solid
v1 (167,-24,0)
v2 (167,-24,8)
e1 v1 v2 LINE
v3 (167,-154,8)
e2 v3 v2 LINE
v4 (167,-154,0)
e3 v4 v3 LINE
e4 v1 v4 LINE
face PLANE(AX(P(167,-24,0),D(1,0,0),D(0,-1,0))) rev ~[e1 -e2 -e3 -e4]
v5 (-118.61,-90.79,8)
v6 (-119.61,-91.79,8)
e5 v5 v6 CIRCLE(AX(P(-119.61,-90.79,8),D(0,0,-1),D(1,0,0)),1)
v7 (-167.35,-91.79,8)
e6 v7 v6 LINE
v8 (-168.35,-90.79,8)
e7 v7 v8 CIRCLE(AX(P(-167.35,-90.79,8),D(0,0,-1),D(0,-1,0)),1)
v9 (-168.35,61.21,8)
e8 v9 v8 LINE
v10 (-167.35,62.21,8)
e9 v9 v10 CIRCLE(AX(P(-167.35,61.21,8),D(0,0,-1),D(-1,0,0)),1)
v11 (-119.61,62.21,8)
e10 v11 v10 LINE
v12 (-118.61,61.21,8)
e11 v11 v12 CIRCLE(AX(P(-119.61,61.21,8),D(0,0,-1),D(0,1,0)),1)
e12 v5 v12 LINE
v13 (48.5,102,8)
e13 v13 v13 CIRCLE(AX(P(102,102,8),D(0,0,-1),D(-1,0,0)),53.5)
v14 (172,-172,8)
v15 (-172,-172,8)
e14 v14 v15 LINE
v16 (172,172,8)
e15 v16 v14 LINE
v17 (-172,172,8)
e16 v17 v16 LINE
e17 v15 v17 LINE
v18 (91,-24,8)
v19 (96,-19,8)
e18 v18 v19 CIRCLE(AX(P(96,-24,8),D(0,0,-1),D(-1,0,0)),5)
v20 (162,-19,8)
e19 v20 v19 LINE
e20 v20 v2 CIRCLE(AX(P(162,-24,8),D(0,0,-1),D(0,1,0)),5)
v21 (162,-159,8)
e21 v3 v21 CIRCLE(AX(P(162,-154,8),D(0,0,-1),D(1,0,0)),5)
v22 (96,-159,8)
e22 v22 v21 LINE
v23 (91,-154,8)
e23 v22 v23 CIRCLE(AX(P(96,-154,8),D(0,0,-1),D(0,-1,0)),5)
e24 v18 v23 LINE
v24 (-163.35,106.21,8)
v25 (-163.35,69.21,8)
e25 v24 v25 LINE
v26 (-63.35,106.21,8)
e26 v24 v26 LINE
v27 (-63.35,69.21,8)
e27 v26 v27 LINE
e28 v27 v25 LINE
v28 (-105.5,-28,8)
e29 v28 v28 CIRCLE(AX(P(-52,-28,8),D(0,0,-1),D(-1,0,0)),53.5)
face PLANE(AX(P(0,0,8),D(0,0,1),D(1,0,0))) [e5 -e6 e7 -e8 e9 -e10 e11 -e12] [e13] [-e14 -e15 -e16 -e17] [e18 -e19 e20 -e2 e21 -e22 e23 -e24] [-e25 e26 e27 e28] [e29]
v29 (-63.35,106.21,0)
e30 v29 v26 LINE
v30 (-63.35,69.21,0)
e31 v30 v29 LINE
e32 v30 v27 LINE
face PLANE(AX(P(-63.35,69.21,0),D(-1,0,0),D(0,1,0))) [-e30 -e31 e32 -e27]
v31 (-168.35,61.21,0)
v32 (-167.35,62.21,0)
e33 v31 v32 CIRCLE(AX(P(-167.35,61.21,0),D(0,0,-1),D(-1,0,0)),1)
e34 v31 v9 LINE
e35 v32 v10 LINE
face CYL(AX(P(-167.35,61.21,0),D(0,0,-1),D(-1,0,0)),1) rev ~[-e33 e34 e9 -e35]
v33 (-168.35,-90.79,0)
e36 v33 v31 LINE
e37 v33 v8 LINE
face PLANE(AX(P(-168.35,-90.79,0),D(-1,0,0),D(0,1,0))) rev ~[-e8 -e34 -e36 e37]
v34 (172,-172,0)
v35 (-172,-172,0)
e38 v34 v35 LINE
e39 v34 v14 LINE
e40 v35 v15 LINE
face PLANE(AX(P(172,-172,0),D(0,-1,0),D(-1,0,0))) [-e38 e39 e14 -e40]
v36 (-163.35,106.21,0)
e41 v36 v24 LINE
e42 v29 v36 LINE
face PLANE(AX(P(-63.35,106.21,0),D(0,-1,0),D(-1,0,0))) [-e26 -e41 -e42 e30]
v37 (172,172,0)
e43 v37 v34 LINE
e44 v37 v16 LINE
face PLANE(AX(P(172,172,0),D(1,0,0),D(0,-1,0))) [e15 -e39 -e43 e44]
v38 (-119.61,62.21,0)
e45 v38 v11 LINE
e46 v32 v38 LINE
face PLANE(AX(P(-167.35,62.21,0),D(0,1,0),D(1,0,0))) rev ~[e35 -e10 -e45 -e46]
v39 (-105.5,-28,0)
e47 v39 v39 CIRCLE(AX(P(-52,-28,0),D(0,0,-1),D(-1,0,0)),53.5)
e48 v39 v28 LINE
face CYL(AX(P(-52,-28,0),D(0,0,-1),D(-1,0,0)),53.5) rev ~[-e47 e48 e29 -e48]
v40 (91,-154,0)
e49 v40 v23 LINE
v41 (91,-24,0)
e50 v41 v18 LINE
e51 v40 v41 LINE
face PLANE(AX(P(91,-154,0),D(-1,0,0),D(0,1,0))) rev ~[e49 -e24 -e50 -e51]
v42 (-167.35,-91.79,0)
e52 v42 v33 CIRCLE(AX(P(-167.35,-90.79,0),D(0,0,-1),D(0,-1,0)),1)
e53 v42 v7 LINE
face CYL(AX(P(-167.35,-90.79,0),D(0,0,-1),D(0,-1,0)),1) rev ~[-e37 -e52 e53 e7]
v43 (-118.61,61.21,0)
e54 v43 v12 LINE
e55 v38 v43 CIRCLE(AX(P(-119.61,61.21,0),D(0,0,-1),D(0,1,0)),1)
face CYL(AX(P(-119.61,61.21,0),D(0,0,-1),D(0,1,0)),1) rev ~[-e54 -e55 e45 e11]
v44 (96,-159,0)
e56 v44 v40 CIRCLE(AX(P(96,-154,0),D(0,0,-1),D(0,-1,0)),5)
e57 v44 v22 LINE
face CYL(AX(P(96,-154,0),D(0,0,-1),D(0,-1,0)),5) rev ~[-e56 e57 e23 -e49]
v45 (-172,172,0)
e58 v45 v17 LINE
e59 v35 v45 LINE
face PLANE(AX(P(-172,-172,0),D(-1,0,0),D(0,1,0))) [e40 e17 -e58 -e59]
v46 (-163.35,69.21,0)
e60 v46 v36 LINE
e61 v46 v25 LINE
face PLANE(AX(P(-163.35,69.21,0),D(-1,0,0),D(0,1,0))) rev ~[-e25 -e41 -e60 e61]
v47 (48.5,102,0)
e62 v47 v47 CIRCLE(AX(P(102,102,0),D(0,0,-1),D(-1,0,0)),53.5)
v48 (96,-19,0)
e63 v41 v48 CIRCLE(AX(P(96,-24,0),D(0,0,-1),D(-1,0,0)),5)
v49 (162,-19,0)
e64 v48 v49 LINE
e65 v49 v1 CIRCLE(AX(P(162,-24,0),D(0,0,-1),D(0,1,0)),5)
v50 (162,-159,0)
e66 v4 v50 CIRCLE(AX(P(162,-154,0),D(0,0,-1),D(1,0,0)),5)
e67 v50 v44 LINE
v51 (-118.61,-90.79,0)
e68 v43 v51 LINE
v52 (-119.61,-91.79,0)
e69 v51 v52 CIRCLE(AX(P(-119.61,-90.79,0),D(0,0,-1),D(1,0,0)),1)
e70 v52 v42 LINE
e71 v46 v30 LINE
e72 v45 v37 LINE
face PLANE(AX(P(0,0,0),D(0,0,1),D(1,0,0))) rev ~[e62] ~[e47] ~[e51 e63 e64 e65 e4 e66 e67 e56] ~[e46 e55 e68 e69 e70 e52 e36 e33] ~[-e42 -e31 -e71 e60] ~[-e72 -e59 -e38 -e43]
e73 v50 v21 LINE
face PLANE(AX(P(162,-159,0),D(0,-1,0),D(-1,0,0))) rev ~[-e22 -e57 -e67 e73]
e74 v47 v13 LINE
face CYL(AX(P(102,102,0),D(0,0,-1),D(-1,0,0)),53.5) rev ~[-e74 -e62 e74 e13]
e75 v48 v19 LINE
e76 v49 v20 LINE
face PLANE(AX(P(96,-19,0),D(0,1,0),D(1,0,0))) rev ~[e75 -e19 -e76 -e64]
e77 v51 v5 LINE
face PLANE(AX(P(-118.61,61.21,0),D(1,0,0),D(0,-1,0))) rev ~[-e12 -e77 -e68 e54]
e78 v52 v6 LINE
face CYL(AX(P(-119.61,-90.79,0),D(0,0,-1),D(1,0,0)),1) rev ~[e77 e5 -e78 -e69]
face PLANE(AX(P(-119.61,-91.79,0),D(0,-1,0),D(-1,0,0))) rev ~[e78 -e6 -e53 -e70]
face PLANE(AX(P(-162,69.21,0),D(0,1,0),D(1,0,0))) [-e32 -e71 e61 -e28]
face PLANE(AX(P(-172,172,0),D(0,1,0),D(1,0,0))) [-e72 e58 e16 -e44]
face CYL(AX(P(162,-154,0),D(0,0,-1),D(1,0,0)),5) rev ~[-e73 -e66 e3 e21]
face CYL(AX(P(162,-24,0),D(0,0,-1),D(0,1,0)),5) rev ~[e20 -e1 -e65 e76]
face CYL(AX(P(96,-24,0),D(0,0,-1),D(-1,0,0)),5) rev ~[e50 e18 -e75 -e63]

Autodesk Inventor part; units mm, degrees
ref_plane "YZ Plane" through (0, 0, 0) normal (1, 0, 0) x (0, 1, 0)
ref_plane "XZ Plane" through (0, 0, 0) normal (0, 1, 0) x (-1, 0, 0)
ref_plane "XY Plane" through (0, 0, 0) normal (0, 0, 1) x (1, 0, 0)
sketch "Sketch1" plane through (0, 0, 0) normal (0, 0, 1) x (1, 0, 0)
  line L0 (-172, 172) -> (172, 172)
  line L1 (172, 172) -> (172, -172)
  line L2 (172, -172) -> (-172, -172)
  line L3 (-172, -172) -> (-172, 172)
  point P0 (0, 0)
  dimension "d0" = 344
  dimension "d1" = 344
  dimension "d2" = 172
  dimension "d3" = 172
extrude "Extrusion1" add sketch "Sketch1" along normal blind 8
sketch "Sketch3" plane through (0, 0, 0) normal (0, 0, -1) x (-1, 0, 0)
  circle A0 centre (-102, 102) radius 53.5
  circle A1 centre (52, -28) radius 53.5
  circle A2 centre (52, -28) radius 12.5 construction
  circle A3 centre (-102, 102) radius 12.5 construction
  point P0 (0, 0)
  dimension "d18" = 107
  dimension "d19" = 107
extrude "Extrusion2" cut sketch "Sketch3" against normal through all
sketch "Sketch4" plane through (0, 0, 0) normal (0, 0, -1) x (-1, 0, 0)
  line L0 (118.61, 61.21) -> (118.61, -90.79) projected
  line L1 (119.61, -91.79) -> (167.35, -91.79) projected
  line L2 (168.35, -90.79) -> (168.35, 61.21) projected
  line L3 (167.35, 62.21) -> (119.61, 62.21) projected
  line L4 (162, 69.21) -> (63.35, 69.21) projected
  line L5 (63.35, 106.21) -> (162, 106.21) projected
  line L6 (63.35, 69.21) -> (63.35, 106.21) projected
  line L7 (163.35, 69.21) -> (163.35, 106.21) projected
  arc A0 (118.61, -90.79) -> (119.61, -91.79) centre (119.61, -90.79) ccw projected
  arc A1 (167.35, -91.79) -> (168.35, -90.79) centre (167.35, -90.79) ccw projected
  arc A2 (168.35, 61.21) -> (167.35, 62.21) centre (167.35, 61.21) ccw projected
  arc A3 (119.61, 62.21) -> (118.61, 61.21) centre (119.61, 61.21) ccw projected
  line L8 (162, 69.21) -> (163.35, 69.21) projected
  line L9 (163.35, 106.21) -> (162, 106.21) projected
  point P0 (0, 0)
extrude "Extrusion3" cut sketch "Sketch4" against normal through all
sketch "Sketch5" plane through (0, 0, 0) normal (0, 0, -1) x (-1, 0, 0)
  line L0 (-87, -15) -> (-87, -163) construction
  line L1 (-171, -15) -> (-87, -15) construction
  line L2 (-171, -163) -> (-171, -15) construction
  line L3 (-87, -163) -> (-171, -163) construction
  line L4 (-91, -154) -> (-91, -24)
  line L5 (-96, -19) -> (-162, -19)
  line L6 (-167, -24) -> (-167, -154)
  line L7 (-162, -159) -> (-96, -159)
  arc A0 (-96, -159) -> (-91, -154) centre (-96, -154) ccw
  arc A1 (-167, -154) -> (-162, -159) centre (-162, -154) ccw
  arc A2 (-162, -19) -> (-167, -24) centre (-162, -24) ccw
  arc A3 (-91, -24) -> (-96, -19) centre (-96, -24) ccw
  point P0 (0, 0)
  dimension "d20" = 4
  dimension "d21" = 5
extrude "Extrusion4" cut sketch "Sketch5" against normal through all
equation "\"d0\" = edge_length - 2 * wall_width"
equation "\"d1\" = edge_length - 2 * wall_width"
equation "\"d2\" = -wall_width + 0.5 * edge_length"
equation "\"d3\" = -wall_width + 0.5 * edge_length"
equation "\"d4\" = wall_width_small"
equation "\"edge_length\" = 360"
equation "\"wall_width\" = 8"
equation "\"wall_width_small\" = 8"
properties part number "Element"
